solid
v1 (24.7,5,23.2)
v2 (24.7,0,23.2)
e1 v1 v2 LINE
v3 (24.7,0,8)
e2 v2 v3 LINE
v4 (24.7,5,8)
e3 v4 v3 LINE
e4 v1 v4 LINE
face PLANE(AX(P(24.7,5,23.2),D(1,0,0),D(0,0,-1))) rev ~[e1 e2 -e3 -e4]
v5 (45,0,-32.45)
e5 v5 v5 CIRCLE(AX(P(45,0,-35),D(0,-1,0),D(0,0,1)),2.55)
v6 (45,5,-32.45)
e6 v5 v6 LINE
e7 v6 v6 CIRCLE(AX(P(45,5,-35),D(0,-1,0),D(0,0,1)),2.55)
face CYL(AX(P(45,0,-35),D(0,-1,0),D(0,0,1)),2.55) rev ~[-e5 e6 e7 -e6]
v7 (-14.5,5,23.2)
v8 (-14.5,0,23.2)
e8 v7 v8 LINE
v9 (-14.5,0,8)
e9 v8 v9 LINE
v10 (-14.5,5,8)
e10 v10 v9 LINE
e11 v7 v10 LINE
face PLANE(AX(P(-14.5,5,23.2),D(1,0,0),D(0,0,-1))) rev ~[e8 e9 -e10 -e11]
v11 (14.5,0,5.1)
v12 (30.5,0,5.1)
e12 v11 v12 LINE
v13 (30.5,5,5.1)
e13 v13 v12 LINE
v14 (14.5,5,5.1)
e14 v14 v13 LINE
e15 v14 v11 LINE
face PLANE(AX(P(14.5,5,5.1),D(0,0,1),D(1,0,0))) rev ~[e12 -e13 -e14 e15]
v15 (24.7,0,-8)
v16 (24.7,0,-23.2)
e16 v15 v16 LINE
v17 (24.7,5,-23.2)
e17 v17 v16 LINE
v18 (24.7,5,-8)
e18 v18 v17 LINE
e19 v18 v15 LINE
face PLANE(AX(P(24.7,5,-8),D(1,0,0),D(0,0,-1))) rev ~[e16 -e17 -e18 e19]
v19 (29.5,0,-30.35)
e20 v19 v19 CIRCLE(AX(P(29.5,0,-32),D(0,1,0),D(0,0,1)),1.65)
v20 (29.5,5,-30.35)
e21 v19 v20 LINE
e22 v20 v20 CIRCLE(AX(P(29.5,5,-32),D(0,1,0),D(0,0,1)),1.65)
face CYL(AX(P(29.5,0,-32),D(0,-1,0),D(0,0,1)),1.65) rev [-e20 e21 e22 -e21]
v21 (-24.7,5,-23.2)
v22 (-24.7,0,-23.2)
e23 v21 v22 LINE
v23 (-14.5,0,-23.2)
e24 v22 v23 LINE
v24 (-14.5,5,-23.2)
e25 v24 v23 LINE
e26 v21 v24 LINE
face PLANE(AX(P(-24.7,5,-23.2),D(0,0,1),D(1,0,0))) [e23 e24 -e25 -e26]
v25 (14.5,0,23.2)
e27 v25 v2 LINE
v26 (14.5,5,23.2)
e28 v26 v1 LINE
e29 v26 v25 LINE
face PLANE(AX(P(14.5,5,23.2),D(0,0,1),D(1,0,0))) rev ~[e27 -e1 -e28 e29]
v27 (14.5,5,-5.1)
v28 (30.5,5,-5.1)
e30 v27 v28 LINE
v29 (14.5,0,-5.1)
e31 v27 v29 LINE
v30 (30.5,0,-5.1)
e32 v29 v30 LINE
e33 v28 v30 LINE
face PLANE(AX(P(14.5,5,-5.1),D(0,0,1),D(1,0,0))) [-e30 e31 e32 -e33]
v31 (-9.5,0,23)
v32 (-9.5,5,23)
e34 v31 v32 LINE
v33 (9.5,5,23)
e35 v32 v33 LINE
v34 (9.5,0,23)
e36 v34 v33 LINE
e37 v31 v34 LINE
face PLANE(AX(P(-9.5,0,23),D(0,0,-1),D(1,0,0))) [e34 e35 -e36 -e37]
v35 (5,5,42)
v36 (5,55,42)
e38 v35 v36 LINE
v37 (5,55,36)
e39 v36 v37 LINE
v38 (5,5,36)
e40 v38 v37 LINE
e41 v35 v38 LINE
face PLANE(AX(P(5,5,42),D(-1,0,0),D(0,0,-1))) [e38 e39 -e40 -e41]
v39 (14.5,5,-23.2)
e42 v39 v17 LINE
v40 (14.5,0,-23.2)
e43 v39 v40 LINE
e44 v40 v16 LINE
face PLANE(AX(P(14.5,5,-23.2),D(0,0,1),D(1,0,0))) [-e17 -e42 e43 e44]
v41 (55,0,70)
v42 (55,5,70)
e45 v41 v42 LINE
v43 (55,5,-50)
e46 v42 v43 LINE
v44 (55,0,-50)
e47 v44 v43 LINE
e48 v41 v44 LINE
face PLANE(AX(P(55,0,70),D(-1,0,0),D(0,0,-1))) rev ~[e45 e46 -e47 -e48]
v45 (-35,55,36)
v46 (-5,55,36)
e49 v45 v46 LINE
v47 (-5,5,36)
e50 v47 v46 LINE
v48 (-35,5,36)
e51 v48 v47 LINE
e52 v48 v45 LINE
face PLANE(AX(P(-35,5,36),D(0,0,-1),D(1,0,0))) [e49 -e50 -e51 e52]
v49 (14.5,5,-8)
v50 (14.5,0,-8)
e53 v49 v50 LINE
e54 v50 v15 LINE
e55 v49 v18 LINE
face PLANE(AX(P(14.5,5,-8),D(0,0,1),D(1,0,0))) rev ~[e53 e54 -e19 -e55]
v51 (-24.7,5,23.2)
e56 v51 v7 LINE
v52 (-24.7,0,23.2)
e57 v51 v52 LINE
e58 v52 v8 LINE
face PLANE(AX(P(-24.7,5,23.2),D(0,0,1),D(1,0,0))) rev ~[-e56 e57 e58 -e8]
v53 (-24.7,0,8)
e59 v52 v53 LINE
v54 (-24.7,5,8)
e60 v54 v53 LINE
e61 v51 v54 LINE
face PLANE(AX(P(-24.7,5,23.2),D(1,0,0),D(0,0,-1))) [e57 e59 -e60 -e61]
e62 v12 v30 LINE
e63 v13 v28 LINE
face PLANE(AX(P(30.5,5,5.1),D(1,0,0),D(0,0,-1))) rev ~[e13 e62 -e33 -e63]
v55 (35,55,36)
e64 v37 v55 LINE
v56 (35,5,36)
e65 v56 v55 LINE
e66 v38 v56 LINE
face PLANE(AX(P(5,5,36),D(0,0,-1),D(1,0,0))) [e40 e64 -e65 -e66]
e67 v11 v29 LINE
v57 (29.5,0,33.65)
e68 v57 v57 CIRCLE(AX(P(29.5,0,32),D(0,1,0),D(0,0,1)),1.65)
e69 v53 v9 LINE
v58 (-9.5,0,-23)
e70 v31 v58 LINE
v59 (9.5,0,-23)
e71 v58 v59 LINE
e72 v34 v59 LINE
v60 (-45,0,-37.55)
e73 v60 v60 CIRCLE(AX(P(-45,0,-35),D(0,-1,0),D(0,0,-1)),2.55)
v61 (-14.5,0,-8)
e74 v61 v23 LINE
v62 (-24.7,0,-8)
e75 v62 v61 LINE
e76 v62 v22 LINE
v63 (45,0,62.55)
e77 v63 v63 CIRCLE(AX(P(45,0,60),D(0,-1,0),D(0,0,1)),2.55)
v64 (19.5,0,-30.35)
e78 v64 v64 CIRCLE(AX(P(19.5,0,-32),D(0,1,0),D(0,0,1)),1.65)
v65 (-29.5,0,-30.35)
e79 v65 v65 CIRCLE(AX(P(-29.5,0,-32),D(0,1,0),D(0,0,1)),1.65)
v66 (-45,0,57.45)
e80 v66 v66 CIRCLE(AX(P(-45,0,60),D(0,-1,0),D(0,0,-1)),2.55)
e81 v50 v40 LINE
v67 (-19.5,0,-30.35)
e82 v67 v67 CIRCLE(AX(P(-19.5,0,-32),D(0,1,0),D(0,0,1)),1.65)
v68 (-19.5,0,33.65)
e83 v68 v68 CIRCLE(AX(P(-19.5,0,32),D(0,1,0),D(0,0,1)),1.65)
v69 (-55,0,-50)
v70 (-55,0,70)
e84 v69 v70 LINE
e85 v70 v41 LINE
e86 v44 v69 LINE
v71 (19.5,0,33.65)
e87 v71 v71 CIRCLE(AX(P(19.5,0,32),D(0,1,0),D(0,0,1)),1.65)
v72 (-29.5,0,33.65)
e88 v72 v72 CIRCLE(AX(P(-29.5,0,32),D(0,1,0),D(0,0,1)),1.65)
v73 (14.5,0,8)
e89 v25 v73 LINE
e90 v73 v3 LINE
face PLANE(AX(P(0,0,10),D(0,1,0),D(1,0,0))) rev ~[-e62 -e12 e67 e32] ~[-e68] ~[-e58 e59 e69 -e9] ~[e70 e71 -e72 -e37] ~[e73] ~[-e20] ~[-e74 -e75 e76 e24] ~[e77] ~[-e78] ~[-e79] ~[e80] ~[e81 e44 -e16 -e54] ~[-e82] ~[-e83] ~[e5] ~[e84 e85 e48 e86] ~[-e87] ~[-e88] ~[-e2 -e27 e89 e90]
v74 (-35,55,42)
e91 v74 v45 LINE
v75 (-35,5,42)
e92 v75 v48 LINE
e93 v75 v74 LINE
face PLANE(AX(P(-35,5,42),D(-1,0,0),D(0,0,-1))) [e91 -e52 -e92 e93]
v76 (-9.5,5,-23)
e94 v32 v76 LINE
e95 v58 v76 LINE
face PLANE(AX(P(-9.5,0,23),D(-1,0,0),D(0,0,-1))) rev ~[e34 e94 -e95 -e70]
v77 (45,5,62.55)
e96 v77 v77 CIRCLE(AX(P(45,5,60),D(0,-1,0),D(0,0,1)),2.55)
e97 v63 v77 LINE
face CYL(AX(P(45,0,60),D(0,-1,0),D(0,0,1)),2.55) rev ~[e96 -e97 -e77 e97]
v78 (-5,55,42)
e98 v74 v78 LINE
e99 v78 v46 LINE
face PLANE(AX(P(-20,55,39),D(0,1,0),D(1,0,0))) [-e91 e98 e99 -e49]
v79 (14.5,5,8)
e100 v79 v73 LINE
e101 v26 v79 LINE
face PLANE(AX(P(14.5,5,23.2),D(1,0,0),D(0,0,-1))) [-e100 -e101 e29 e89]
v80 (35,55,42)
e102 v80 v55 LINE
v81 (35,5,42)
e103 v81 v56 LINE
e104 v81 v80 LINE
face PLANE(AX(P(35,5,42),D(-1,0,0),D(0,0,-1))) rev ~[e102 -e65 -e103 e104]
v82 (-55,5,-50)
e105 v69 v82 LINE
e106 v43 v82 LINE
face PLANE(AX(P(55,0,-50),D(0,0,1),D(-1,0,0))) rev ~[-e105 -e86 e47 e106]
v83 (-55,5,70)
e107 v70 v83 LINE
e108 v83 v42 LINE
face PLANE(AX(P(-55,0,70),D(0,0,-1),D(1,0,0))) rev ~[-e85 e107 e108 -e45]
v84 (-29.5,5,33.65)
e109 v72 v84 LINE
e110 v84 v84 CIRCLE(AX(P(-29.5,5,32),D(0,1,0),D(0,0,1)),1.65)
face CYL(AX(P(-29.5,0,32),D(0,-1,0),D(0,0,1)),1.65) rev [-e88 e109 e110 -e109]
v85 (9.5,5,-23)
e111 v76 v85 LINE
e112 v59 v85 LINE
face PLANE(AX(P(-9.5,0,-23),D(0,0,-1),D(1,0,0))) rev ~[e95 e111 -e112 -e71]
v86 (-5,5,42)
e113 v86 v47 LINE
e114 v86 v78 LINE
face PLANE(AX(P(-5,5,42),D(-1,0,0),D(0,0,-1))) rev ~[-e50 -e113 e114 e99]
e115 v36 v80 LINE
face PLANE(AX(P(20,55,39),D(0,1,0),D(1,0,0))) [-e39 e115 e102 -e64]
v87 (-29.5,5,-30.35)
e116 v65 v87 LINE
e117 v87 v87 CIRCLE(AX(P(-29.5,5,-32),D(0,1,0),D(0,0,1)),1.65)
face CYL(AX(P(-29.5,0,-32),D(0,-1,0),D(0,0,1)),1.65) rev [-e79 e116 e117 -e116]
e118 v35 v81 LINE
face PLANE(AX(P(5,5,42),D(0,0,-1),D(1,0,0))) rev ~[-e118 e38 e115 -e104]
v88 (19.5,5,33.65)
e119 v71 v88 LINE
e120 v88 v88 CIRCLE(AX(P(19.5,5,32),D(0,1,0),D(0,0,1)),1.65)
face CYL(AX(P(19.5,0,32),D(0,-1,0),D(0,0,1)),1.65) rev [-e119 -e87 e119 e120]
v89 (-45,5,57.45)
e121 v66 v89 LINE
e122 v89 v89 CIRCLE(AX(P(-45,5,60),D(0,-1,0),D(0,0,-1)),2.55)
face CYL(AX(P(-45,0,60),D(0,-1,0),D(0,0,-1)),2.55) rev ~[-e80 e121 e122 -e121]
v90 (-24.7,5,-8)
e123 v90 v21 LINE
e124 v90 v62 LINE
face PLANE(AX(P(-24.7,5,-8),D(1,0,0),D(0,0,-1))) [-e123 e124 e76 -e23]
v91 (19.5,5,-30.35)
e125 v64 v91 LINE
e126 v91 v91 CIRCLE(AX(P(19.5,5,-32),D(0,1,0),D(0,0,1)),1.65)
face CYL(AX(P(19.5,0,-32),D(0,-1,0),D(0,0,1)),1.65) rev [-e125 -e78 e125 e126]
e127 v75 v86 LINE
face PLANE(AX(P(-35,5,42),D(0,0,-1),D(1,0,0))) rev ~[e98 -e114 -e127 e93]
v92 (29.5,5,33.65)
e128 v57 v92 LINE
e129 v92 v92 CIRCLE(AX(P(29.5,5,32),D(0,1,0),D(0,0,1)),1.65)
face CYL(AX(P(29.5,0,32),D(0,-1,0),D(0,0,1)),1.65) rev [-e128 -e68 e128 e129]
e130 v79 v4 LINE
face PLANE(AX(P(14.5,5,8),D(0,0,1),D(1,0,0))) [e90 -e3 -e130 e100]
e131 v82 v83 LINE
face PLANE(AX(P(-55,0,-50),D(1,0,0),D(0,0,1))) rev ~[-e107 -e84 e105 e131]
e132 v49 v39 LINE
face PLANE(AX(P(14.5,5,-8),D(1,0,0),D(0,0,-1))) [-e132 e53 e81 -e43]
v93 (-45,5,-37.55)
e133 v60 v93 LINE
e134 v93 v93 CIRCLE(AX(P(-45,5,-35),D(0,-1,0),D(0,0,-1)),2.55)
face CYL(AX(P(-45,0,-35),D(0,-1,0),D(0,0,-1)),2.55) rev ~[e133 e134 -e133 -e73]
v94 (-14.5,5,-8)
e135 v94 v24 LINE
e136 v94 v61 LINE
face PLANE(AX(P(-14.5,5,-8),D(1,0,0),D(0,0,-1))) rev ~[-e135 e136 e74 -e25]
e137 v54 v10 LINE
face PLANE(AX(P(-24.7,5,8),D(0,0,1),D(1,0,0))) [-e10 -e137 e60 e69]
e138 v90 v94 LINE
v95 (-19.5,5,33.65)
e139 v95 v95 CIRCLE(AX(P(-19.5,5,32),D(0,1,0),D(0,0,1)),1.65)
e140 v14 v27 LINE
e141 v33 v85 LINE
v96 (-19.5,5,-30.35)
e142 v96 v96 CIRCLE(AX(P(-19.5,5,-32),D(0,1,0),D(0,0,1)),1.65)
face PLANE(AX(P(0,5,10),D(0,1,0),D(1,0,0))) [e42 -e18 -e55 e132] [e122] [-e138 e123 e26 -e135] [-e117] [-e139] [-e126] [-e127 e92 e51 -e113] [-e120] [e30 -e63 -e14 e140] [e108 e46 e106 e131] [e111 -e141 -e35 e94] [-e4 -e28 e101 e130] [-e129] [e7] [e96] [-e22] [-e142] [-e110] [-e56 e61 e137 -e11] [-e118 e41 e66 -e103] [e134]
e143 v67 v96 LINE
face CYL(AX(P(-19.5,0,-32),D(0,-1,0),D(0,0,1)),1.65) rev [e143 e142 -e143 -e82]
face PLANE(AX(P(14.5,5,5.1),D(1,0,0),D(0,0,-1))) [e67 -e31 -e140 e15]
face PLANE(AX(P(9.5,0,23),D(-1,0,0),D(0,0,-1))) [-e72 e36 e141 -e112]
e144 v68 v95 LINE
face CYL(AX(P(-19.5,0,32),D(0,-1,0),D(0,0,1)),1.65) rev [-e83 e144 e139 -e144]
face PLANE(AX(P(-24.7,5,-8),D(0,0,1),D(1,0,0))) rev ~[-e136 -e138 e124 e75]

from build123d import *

# Parameters (mm, degrees)
SKETCH1_R           = 1.65
SKETCH1_W           = 19
SKETCH1_H           = 46
BOSS_EXTRUDE3_DEPTH = 5
SKETCH5_R           = 2.55
CUT_EXTRUDE2_DEPTH  = 90.162772501
SKETCH9_W           = 10.2
SKETCH9_H           = 15.2
CUT_EXTRUDE3_DEPTH  = 90.162772501
SKETCH6_W           = 30
SKETCH6_H           = 6
BOSS_EXTRUDE4_DEPTH = 50
SKETCH11_W          = 16
SKETCH11_H          = 10.2
CUT_EXTRUDE4_DEPTH  = 103.102889283


with BuildPart() as part:
    # Sketch1 → Boss-Extrude3 (new body)
    with BuildSketch(Plane(origin=(0, 0, 0), x_dir=(1, 0, 0), z_dir=(0, 1, 0))):
        Polygon((55, 50), (-55, 50), (-55, 31.75), (-55, -31.75), (-55, -70), (-20, -70), (2.5, -70), (20, -70), (42.5, -70), (55, -70), (55, -31.75), (55, 31.75), align=None)
        with Locations(Location((-29.5, -32, 0), (0, 0, 270))):
            Circle(SKETCH1_R, mode=Mode.SUBTRACT)
        with Locations(Location((-19.5, -32, 0), (0, 0, 270))):
            Circle(SKETCH1_R, mode=Mode.SUBTRACT)
        with Locations(Location((19.5, -32, 0), (0, 0, 270))):
            Circle(SKETCH1_R, mode=Mode.SUBTRACT)
        with Locations(Location((29.5, -32, 0), (0, 0, 270))):
            Circle(SKETCH1_R, mode=Mode.SUBTRACT)
        with Locations(Location((-29.5, 32, 0), (0, 0, 270))):
            Circle(SKETCH1_R, mode=Mode.SUBTRACT)
        with Locations(Location((-19.5, 32, 0), (0, 0, 270))):
            Circle(SKETCH1_R, mode=Mode.SUBTRACT)
        Rectangle(SKETCH1_W, SKETCH1_H, mode=Mode.SUBTRACT)
        with Locations(Location((19.5, 32, 0), (0, 0, 270))):
            Circle(SKETCH1_R, mode=Mode.SUBTRACT)
        with Locations(Location((29.5, 32, 0), (0, 0, 270))):
            Circle(SKETCH1_R, mode=Mode.SUBTRACT)
    extrude(amount=BOSS_EXTRUDE3_DEPTH)

    # Sketch5 → Cut-Extrude2 (cut, through all)
    with BuildSketch(Plane.XZ):
        with Locations(Location((-45, 60, 0), (0, 0, 270))):
            Circle(SKETCH5_R)
        with Locations(Location((-45, -35, 0), (0, 0, 270))):
            Circle(SKETCH5_R)
        with Locations(Location((45, -35, 0), (0, 0, 90))):
            Circle(SKETCH5_R)
        with Locations(Location((45, 60, 0), (0, 0, 90))):
            Circle(SKETCH5_R)
    extrude(amount=-CUT_EXTRUDE2_DEPTH, mode=Mode.SUBTRACT)

    # Sketch9 → Cut-Extrude3 (cut, through all)
    with BuildSketch(Plane(origin=(0, 5, 0), x_dir=(1, 0, 0), z_dir=(0, 1, 0))):
        with Locations((-19.6, 15.6)):
            Rectangle(SKETCH9_W, SKETCH9_H)
        with Locations((-19.6, -15.6)):
            Rectangle(SKETCH9_W, SKETCH9_H)
        with Locations((19.6, -15.6)):
            Rectangle(SKETCH9_W, SKETCH9_H)
        with Locations((19.6, 15.6)):
            Rectangle(SKETCH9_W, SKETCH9_H)
    extrude(amount=-CUT_EXTRUDE3_DEPTH, mode=Mode.SUBTRACT)

    # Sketch6 → Boss-Extrude4 (add)
    with BuildSketch(Plane(origin=(0, 5, 0), x_dir=(1, 0, 0), z_dir=(0, 1, 0))):
        with Locations((-20, -39)):
            Rectangle(SKETCH6_W, SKETCH6_H)
        with Locations((20, -39)):
            Rectangle(SKETCH6_W, SKETCH6_H)
    extrude(amount=BOSS_EXTRUDE4_DEPTH)

    # Sketch11 → Cut-Extrude4 (cut, through all)
    with BuildSketch(Plane(origin=(0, 5, 0), x_dir=(1, 0, 0), z_dir=(0, 1, 0))):
        with Locations((22.5, 0)):
            Rectangle(SKETCH11_W, SKETCH11_H)
    extrude(amount=-CUT_EXTRUDE4_DEPTH, mode=Mode.SUBTRACT)


solid = part.part
